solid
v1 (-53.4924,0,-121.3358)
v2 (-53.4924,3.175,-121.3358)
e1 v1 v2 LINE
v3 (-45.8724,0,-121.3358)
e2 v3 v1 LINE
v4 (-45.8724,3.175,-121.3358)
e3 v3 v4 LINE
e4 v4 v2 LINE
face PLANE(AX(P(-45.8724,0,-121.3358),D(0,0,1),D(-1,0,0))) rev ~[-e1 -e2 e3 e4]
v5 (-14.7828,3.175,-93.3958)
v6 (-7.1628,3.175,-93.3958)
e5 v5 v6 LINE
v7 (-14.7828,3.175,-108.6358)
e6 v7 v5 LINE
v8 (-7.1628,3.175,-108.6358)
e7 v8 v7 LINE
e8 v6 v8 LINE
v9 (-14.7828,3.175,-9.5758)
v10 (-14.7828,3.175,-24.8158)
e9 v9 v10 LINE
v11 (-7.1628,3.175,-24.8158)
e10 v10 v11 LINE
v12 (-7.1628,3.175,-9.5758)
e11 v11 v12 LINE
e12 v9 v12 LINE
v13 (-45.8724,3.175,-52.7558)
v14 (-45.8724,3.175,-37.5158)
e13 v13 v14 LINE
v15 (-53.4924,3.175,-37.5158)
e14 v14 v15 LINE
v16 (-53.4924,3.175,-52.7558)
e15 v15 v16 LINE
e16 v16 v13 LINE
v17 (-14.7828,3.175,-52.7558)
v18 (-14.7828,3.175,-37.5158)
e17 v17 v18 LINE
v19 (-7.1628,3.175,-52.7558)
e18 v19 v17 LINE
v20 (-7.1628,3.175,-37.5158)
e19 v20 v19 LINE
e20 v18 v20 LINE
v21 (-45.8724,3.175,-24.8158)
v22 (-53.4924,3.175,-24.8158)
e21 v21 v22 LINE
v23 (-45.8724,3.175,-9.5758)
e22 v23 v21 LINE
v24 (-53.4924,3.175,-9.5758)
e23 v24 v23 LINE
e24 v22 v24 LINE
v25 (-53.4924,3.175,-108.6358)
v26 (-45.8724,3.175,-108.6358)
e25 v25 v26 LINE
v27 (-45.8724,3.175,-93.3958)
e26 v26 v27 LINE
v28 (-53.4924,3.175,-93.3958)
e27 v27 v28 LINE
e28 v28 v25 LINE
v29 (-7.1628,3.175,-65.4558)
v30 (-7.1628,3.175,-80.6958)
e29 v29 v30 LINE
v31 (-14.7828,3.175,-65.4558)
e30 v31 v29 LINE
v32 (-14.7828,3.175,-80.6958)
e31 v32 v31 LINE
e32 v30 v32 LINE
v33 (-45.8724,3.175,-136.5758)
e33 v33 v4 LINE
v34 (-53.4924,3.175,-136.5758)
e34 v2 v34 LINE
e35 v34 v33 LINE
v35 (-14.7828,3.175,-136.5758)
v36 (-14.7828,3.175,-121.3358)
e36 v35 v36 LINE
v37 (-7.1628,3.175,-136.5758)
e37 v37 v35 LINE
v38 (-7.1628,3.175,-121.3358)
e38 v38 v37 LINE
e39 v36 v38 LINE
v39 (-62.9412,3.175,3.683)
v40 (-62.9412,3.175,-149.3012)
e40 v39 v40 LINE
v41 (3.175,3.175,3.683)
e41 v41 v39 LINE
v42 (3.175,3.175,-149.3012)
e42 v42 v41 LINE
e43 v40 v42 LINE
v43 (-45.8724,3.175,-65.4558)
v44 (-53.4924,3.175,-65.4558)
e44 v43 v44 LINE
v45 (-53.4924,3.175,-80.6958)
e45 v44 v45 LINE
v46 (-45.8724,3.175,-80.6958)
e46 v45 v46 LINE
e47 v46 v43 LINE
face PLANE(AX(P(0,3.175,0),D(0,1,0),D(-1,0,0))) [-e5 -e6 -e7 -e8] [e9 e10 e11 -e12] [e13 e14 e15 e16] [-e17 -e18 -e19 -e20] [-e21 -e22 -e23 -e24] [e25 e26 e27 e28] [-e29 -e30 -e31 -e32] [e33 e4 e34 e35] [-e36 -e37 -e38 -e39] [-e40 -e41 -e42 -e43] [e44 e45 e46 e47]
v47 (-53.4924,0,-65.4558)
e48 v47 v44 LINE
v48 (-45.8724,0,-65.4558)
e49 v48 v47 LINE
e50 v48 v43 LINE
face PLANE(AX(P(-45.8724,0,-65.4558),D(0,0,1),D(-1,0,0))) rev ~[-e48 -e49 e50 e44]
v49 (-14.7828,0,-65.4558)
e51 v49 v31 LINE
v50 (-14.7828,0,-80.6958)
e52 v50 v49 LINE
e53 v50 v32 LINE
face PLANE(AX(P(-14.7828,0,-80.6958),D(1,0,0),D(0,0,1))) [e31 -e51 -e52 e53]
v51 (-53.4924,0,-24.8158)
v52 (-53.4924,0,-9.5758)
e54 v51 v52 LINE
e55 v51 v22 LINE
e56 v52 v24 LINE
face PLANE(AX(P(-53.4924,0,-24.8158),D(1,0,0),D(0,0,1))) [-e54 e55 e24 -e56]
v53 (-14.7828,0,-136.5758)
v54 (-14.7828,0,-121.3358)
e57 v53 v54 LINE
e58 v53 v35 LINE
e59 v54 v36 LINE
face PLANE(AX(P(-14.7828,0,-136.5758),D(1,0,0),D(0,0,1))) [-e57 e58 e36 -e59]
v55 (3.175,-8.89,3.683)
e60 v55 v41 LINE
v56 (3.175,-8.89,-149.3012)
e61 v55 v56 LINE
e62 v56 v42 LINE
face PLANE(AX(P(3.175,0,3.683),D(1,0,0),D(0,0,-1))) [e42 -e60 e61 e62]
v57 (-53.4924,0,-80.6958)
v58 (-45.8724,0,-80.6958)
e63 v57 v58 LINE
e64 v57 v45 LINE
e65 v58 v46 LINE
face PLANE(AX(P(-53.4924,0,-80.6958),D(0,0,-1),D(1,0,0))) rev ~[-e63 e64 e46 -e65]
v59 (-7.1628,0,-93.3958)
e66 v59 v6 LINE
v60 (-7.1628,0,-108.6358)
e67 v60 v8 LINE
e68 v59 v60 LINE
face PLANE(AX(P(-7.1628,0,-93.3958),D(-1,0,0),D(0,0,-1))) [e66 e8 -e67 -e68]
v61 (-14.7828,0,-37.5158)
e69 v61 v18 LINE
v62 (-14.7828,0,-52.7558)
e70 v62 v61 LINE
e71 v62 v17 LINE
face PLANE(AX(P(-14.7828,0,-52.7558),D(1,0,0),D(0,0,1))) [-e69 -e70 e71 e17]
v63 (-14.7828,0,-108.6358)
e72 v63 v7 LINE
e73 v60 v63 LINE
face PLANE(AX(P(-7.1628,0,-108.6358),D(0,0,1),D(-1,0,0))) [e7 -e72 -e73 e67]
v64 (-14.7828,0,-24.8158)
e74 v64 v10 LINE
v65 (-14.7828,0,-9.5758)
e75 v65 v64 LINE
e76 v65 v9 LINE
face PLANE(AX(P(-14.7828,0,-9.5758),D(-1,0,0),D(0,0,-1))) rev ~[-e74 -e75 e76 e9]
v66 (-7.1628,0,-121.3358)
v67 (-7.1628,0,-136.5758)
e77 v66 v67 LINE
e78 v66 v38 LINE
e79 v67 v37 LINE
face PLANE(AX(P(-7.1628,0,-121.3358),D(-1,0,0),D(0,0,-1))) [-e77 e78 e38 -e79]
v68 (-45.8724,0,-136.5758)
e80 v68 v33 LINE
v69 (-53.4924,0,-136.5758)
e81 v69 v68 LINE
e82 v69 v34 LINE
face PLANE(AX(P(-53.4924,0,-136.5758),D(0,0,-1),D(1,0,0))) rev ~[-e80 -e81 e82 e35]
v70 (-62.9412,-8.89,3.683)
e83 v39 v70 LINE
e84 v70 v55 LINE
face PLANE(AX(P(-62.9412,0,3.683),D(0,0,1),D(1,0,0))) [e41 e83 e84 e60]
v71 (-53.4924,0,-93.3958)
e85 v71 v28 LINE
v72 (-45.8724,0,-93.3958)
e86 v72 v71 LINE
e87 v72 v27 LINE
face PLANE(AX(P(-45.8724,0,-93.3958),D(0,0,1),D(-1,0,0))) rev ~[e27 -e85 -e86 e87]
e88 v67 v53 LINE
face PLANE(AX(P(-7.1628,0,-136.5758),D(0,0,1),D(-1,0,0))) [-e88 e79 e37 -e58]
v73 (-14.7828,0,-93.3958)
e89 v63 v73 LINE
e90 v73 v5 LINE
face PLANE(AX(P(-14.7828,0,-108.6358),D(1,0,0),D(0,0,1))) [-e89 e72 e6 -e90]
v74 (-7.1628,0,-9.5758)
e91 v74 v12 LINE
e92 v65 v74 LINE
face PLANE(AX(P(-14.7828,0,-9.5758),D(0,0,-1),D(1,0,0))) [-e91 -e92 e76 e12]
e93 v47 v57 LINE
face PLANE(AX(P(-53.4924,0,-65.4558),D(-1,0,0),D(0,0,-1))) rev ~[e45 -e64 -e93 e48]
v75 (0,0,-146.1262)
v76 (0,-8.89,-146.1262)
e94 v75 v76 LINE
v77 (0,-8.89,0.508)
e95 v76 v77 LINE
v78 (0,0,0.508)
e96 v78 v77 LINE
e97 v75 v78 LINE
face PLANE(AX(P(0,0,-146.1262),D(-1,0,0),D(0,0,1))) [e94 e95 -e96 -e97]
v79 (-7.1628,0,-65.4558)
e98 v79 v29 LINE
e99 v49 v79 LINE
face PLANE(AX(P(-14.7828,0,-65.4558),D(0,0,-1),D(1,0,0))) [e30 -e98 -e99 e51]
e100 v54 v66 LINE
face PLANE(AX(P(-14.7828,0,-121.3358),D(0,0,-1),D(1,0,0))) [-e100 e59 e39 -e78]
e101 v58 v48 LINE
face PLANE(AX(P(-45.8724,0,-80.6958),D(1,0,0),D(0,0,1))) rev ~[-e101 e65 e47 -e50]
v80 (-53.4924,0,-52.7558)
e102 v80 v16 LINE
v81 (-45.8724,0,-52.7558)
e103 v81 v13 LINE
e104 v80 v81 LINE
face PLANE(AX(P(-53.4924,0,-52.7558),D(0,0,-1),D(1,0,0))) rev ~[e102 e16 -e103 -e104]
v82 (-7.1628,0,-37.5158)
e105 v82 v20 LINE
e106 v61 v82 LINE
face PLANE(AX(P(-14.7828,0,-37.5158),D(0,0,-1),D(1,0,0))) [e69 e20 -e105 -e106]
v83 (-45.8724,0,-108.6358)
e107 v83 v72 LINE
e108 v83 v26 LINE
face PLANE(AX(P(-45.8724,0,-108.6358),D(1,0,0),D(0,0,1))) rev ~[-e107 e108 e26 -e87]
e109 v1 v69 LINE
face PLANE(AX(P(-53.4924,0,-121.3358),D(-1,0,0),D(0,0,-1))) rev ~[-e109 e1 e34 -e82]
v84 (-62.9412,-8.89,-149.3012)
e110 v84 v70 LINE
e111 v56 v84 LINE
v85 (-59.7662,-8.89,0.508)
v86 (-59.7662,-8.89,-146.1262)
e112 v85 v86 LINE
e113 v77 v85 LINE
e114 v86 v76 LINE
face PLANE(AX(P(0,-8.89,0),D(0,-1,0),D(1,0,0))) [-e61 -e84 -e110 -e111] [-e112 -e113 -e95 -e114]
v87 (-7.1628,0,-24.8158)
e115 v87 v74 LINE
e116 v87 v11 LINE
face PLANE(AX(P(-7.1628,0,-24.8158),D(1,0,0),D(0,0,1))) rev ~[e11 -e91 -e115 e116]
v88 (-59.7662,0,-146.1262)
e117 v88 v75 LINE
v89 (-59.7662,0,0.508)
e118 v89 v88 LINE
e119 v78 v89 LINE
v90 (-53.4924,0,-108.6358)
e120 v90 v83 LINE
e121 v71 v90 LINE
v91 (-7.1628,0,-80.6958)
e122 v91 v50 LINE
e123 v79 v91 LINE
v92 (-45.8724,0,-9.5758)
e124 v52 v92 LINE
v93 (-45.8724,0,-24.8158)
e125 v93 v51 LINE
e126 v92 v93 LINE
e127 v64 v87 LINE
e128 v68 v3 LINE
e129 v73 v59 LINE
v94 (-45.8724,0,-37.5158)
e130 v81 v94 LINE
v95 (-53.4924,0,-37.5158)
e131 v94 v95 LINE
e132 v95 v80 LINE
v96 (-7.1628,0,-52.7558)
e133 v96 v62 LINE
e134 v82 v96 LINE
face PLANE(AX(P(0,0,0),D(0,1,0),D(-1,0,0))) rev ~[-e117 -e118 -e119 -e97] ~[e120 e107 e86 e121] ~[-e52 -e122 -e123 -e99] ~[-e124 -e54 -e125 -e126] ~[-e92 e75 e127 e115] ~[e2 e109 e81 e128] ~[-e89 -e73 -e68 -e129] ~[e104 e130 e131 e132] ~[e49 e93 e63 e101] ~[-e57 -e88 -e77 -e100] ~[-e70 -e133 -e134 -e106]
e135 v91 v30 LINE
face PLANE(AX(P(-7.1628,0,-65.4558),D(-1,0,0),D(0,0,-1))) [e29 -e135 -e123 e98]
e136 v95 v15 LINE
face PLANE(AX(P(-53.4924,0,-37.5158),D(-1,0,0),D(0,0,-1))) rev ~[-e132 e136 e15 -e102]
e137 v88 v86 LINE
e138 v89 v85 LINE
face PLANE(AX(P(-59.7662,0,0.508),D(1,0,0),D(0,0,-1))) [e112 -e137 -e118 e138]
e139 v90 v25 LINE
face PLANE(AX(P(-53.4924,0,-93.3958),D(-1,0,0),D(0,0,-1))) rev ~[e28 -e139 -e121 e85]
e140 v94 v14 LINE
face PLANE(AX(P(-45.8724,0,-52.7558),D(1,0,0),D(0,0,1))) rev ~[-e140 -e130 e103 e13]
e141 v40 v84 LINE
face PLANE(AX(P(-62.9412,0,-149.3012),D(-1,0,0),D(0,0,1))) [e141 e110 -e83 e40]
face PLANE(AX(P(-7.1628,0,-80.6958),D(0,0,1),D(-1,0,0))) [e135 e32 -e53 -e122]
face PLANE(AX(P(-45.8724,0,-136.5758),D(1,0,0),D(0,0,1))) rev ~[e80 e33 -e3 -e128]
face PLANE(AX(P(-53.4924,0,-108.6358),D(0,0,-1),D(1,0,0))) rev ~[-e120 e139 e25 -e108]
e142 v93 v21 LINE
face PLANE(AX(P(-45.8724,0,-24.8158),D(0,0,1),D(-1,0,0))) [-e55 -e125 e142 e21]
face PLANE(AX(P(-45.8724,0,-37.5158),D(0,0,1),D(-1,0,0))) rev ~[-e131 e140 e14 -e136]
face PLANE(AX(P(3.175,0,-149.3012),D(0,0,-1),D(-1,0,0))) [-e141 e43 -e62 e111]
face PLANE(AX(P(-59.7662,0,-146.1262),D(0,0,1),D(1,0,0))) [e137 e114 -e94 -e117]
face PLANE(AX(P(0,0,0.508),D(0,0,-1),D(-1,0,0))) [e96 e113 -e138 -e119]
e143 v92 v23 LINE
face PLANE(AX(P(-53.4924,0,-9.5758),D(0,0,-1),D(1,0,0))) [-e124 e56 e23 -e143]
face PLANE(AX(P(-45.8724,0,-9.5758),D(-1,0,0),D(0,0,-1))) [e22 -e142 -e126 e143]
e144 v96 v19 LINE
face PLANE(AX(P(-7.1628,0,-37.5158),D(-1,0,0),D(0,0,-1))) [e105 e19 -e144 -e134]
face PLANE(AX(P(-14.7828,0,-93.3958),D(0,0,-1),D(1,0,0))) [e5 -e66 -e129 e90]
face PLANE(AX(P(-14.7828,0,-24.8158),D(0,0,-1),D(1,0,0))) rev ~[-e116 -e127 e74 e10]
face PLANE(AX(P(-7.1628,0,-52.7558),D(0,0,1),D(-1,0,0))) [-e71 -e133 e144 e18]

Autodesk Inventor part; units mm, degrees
ref_plane "YZ Plane" through (0, 0, 0) normal (1, 0, 0) x (0, 1, 0)
ref_plane "XZ Plane" through (0, 0, 0) normal (0, 1, 0) x (-1, 0, 0)
ref_plane "XY Plane" through (0, 0, 0) normal (0, 0, 1) x (1, 0, 0)
sketch "Sketch4" plane through (0, 0, 0) normal (0, 1, 0) x (-1, 0, 0)
  line L0 (0, 0) -> (59.7662, 0)
  line L1 (59.7662, 0) -> (59.7662, -146.1262)
  line L2 (59.7662, -146.1262) -> (0, -146.1262)
  line L3 (0, -146.1262) -> (0, 0)
  line L4 (59.7662, 0) -> (53.4924, 0)
  line L5 (53.4924, 0) -> (53.4924, -9.5758)
  line L6 (53.4924, -9.5758) -> (59.7662, -9.5758)
  line L7 (59.7662, -9.5758) -> (59.7662, 0)
  line L8 (53.4924, -9.5758) -> (45.8724, -9.5758)
  line L9 (45.8724, -9.5758) -> (45.8724, -24.8158)
  line L10 (45.8724, -24.8158) -> (53.4924, -24.8158)
  line L11 (53.4924, -24.8158) -> (53.4924, -9.5758)
  line L12 (45.8724, -24.8158) -> (45.8724, -37.5158)
  line L13 (45.8724, -37.5158) -> (53.4924, -37.5158)
  line L14 (53.4924, -37.5158) -> (53.4924, -52.7558)
  line L15 (53.4924, -52.7558) -> (45.8724, -52.7558)
  line L16 (45.8724, -52.7558) -> (45.8724, -37.5158)
  line L17 (45.8724, -52.7558) -> (45.8724, -65.4558)
  line L18 (45.8724, -65.4558) -> (53.4924, -65.4558)
  line L19 (53.4924, -65.4558) -> (53.4924, -80.6958)
  line L20 (53.4924, -80.6958) -> (45.8724, -80.6958)
  line L21 (45.8724, -80.6958) -> (45.8724, -65.4558)
  line L22 (45.8724, -80.6958) -> (45.8724, -93.3958)
  line L23 (45.8724, -93.3958) -> (53.4924, -93.3958)
  line L24 (53.4924, -93.3958) -> (53.4924, -108.6358)
  line L25 (53.4924, -108.6358) -> (45.8724, -108.6358)
  line L26 (45.8724, -108.6358) -> (45.8724, -93.3958)
  line L27 (45.8724, -108.6358) -> (45.8724, -121.3358)
  line L28 (45.8724, -121.3358) -> (53.4924, -121.3358)
  line L29 (53.4924, -121.3358) -> (53.4924, -136.5758)
  line L30 (53.4924, -136.5758) -> (45.8724, -136.5758)
  line L31 (45.8724, -136.5758) -> (45.8724, -121.3358)
  line L32 (0, 0) -> (7.1628, 0)
  line L33 (7.1628, 0) -> (7.1628, -9.5758)
  line L34 (7.1628, -9.5758) -> (0, -9.5758)
  line L35 (0, -9.5758) -> (0, 0)
  line L36 (53.4924, -9.5758) -> (7.1628, -9.5758)
  line L37 (30.3276, -9.5758) -> (30.3276, -4.7879)
  line L38 (7.1628, -9.5758) -> (14.7828, -9.5758)
  line L39 (14.7828, -9.5758) -> (14.7828, -24.8158)
  line L40 (14.7828, -24.8158) -> (7.1628, -24.8158)
  line L41 (7.1628, -24.8158) -> (7.1628, -9.5758)
  line L42 (14.7828, -37.5158) -> (7.1628, -37.5158)
  line L43 (7.1628, -37.5158) -> (7.1628, -52.7558)
  line L44 (7.1628, -52.7558) -> (14.7828, -52.7558)
  line L45 (14.7828, -52.7558) -> (14.7828, -37.5158)
  line L46 (14.7828, -65.4558) -> (7.1628, -65.4558)
  line L47 (7.1628, -65.4558) -> (7.1628, -80.6958)
  line L48 (7.1628, -80.6958) -> (14.7828, -80.6958)
  line L49 (14.7828, -80.6958) -> (14.7828, -65.4558)
  line L50 (14.7828, -93.3958) -> (7.1628, -93.3958)
  line L51 (7.1628, -93.3958) -> (7.1628, -108.6358)
  line L52 (7.1628, -108.6358) -> (14.7828, -108.6358)
  line L53 (14.7828, -108.6358) -> (14.7828, -93.3958)
  line L54 (14.7828, -121.3358) -> (7.1628, -121.3358)
  line L55 (7.1628, -121.3358) -> (7.1628, -136.5758)
  line L56 (7.1628, -136.5758) -> (14.7828, -136.5758)
  line L57 (14.7828, -136.5758) -> (14.7828, -121.3358)
  line L58 (7.1628, -9.5758) -> (53.4924, -9.5758)
  line L59 (0, 0) -> (0, -146.1262)
  line L60 (0, -146.1262) -> (59.7662, -146.1262)
  line L61 (59.7662, -146.1262) -> (59.7662, 0)
  line L62 (62.9412, 0) -> (62.9412, -149.3012)
  line L63 (62.9412, -149.3012) -> (-3.175, -149.3012)
  line L64 (-3.175, -149.3012) -> (-3.175, 0)
  line L65 (0, 0.508) -> (59.7662, 0.508)
  line L66 (0, 3.683) -> (59.7662, 3.683)
  line L67 (62.9412, 0) -> (59.7662, 0)
  line L68 (59.7662, 0) -> (59.7662, 3.683)
  line L69 (59.7662, 3.683) -> (62.9412, 3.683)
  line L70 (62.9412, 3.683) -> (62.9412, 0)
  line L71 (-3.175, 0) -> (0, 0)
  line L72 (0, 0) -> (0, 3.683)
  line L73 (0, 3.683) -> (-3.175, 3.683)
  line L74 (-3.175, 3.683) -> (-3.175, 0)
  line L75 (0, 0.508) -> (0, 0.508)
  line L76 (0, 0.508) -> (0, 0)
  line L77 (0, 0) -> (0, 0)
  line L78 (0, 0) -> (0, 0.508)
  line L79 (59.7662, 0.508) -> (59.7662, 0.508)
  line L80 (59.7662, 0.508) -> (59.7662, 0)
  line L81 (59.7662, 0) -> (59.7662, 0)
  line L82 (59.7662, 0) -> (59.7662, 0.508)
  point P0 (59.7662, 0)
  dimension "d503" = 59.7662
  dimension "d504" = 146.1262
  dimension "d505" = 6.2738
  dimension "d506" = 9.5758
  dimension "d507" = 7.62
  dimension "d508" = 15.24
  dimension "d509" = 12.7
  dimension "d510" = 7.62
  dimension "d511" = 15.24
  dimension "d512" = 12.7
  dimension "d513" = 7.62
  dimension "d514" = 15.24
  dimension "d515" = 12.7
  dimension "d516" = 7.62
  dimension "d517" = 15.24
  dimension "d518" = 12.7
  dimension "d519" = 7.62
  dimension "d520" = 15.24
  dimension "d521" = 7.1628
  dimension "d522" = 9.5758
  dimension "d529" = 3.175
  dimension "d530" = 0.508
  dimension "d531" = 3.175
extrude "Extrusion4" add sketch "Sketch4" along normal blind 3.175 contours L72 L65 L68 L0 | L0 L33 L34 L3 | L3 L2 L1 L67 L62 L63 L64 L71 | L71 L74 L73 L72 | L0 L5 L8 L36 L33 | L34 L41 L40 L39 L36 L9 L10 L11 L6 L1 L2 L3 | L72 L66 L68 L65 | L0 L1 L6 L5 | L68 L69 L70 L67
sketch "Sketch5" plane through (0, 0, 0) normal (0, -1, 0) x (1, 0, 0)
  line L0 (-7.1628, -9.5758) -> (-14.7828, -9.5758) projected
  line L1 (-7.1628, -24.8158) -> (-7.1628, -9.5758) projected
  line L2 (-14.7828, -24.8158) -> (-7.1628, -24.8158) projected
  line L3 (-14.7828, -9.5758) -> (-14.7828, -24.8158) projected
  line L4 (-53.4924, -9.5758) -> (-53.4924, -24.8158) projected
  line L5 (-45.8724, -9.5758) -> (-53.4924, -9.5758) projected
  line L6 (-45.8724, -24.8158) -> (-45.8724, -9.5758) projected
  line L7 (-53.4924, -24.8158) -> (-45.8724, -24.8158) projected
  line L8 (-45.8724, -121.3358) -> (-53.4924, -121.3358) projected
  line L9 (-45.8724, -136.5758) -> (-45.8724, -121.3358) projected
  line L10 (-53.4924, -136.5758) -> (-45.8724, -136.5758) projected
  line L11 (-53.4924, -121.3358) -> (-53.4924, -136.5758) projected
  line L12 (-45.8724, -108.6358) -> (-45.8724, -93.3958) projected
  line L13 (-53.4924, -108.6358) -> (-45.8724, -108.6358) projected
  line L14 (-53.4924, -93.3958) -> (-53.4924, -108.6358) projected
  line L15 (-45.8724, -93.3958) -> (-53.4924, -93.3958) projected
  line L16 (-45.8724, -80.6958) -> (-45.8724, -65.4558) projected
  line L17 (-53.4924, -80.6958) -> (-45.8724, -80.6958) projected
  line L18 (-53.4924, -65.4558) -> (-53.4924, -80.6958) projected
  line L19 (-45.8724, -65.4558) -> (-53.4924, -65.4558) projected
  line L20 (-45.8724, -52.7558) -> (-45.8724, -37.5158) projected
  line L21 (-53.4924, -52.7558) -> (-45.8724, -52.7558) projected
  line L22 (-53.4924, -37.5158) -> (-53.4924, -52.7558) projected
  line L23 (-45.8724, -37.5158) -> (-53.4924, -37.5158) projected
  line L24 (-7.1628, -80.6958) -> (-7.1628, -65.4558) projected
  line L25 (-14.7828, -80.6958) -> (-7.1628, -80.6958) projected
  line L26 (-14.7828, -65.4558) -> (-14.7828, -80.6958) projected
  line L27 (-7.1628, -65.4558) -> (-14.7828, -65.4558) projected
  line L28 (-14.7828, -121.3358) -> (-14.7828, -136.5758) projected
  line L29 (-7.1628, -121.3358) -> (-14.7828, -121.3358) projected
  line L30 (-7.1628, -136.5758) -> (-7.1628, -121.3358) projected
  line L31 (-14.7828, -136.5758) -> (-7.1628, -136.5758) projected
  line L32 (-14.7828, -37.5158) -> (-14.7828, -52.7558) projected
  line L33 (-7.1628, -37.5158) -> (-14.7828, -37.5158) projected
  line L34 (-7.1628, -52.7558) -> (-7.1628, -37.5158) projected
  line L35 (-14.7828, -52.7558) -> (-7.1628, -52.7558) projected
  line L36 (-7.1628, -108.6358) -> (-7.1628, -93.3958) projected
  line L37 (-14.7828, -108.6358) -> (-7.1628, -108.6358) projected
  line L38 (-14.7828, -93.3958) -> (-14.7828, -108.6358) projected
  line L39 (-7.1628, -93.3958) -> (-14.7828, -93.3958) projected
  line L40 (-3.048, -3.048) -> (-3.048, -143.0782)
  line L41 (-3.048, -143.0782) -> (-56.7182, -143.0782)
  line L42 (-56.7182, -143.0782) -> (-56.7182, -3.048)
  line L43 (-56.7182, -3.048) -> (-3.048, -3.048)
  line L44 (-62.9412, 3.683) -> (3.175, 3.683) projected
  line L45 (3.175, 3.683) -> (3.175, -149.3012) projected
  line L46 (3.175, -149.3012) -> (-62.9412, -149.3012) projected
  line L47 (-62.9412, -149.3012) -> (-62.9412, 3.683) projected
  line L48 (0, 0.508) -> (-59.7662, 0.508)
  line L49 (-59.7662, 0.508) -> (-59.7662, -146.1262)
  line L50 (-59.7662, -146.1262) -> (0, -146.1262)
  line L51 (0, -146.1262) -> (0, 0.508)
  point P0 (0, 0)
  dimension "d532" = 3.175
extrude "Extrusion5" add sketch "Sketch5" along normal blind 8.89 contours L44 L45 L46 L47
properties part number "RelayCaseTop" material "Rubber, Silicone"
